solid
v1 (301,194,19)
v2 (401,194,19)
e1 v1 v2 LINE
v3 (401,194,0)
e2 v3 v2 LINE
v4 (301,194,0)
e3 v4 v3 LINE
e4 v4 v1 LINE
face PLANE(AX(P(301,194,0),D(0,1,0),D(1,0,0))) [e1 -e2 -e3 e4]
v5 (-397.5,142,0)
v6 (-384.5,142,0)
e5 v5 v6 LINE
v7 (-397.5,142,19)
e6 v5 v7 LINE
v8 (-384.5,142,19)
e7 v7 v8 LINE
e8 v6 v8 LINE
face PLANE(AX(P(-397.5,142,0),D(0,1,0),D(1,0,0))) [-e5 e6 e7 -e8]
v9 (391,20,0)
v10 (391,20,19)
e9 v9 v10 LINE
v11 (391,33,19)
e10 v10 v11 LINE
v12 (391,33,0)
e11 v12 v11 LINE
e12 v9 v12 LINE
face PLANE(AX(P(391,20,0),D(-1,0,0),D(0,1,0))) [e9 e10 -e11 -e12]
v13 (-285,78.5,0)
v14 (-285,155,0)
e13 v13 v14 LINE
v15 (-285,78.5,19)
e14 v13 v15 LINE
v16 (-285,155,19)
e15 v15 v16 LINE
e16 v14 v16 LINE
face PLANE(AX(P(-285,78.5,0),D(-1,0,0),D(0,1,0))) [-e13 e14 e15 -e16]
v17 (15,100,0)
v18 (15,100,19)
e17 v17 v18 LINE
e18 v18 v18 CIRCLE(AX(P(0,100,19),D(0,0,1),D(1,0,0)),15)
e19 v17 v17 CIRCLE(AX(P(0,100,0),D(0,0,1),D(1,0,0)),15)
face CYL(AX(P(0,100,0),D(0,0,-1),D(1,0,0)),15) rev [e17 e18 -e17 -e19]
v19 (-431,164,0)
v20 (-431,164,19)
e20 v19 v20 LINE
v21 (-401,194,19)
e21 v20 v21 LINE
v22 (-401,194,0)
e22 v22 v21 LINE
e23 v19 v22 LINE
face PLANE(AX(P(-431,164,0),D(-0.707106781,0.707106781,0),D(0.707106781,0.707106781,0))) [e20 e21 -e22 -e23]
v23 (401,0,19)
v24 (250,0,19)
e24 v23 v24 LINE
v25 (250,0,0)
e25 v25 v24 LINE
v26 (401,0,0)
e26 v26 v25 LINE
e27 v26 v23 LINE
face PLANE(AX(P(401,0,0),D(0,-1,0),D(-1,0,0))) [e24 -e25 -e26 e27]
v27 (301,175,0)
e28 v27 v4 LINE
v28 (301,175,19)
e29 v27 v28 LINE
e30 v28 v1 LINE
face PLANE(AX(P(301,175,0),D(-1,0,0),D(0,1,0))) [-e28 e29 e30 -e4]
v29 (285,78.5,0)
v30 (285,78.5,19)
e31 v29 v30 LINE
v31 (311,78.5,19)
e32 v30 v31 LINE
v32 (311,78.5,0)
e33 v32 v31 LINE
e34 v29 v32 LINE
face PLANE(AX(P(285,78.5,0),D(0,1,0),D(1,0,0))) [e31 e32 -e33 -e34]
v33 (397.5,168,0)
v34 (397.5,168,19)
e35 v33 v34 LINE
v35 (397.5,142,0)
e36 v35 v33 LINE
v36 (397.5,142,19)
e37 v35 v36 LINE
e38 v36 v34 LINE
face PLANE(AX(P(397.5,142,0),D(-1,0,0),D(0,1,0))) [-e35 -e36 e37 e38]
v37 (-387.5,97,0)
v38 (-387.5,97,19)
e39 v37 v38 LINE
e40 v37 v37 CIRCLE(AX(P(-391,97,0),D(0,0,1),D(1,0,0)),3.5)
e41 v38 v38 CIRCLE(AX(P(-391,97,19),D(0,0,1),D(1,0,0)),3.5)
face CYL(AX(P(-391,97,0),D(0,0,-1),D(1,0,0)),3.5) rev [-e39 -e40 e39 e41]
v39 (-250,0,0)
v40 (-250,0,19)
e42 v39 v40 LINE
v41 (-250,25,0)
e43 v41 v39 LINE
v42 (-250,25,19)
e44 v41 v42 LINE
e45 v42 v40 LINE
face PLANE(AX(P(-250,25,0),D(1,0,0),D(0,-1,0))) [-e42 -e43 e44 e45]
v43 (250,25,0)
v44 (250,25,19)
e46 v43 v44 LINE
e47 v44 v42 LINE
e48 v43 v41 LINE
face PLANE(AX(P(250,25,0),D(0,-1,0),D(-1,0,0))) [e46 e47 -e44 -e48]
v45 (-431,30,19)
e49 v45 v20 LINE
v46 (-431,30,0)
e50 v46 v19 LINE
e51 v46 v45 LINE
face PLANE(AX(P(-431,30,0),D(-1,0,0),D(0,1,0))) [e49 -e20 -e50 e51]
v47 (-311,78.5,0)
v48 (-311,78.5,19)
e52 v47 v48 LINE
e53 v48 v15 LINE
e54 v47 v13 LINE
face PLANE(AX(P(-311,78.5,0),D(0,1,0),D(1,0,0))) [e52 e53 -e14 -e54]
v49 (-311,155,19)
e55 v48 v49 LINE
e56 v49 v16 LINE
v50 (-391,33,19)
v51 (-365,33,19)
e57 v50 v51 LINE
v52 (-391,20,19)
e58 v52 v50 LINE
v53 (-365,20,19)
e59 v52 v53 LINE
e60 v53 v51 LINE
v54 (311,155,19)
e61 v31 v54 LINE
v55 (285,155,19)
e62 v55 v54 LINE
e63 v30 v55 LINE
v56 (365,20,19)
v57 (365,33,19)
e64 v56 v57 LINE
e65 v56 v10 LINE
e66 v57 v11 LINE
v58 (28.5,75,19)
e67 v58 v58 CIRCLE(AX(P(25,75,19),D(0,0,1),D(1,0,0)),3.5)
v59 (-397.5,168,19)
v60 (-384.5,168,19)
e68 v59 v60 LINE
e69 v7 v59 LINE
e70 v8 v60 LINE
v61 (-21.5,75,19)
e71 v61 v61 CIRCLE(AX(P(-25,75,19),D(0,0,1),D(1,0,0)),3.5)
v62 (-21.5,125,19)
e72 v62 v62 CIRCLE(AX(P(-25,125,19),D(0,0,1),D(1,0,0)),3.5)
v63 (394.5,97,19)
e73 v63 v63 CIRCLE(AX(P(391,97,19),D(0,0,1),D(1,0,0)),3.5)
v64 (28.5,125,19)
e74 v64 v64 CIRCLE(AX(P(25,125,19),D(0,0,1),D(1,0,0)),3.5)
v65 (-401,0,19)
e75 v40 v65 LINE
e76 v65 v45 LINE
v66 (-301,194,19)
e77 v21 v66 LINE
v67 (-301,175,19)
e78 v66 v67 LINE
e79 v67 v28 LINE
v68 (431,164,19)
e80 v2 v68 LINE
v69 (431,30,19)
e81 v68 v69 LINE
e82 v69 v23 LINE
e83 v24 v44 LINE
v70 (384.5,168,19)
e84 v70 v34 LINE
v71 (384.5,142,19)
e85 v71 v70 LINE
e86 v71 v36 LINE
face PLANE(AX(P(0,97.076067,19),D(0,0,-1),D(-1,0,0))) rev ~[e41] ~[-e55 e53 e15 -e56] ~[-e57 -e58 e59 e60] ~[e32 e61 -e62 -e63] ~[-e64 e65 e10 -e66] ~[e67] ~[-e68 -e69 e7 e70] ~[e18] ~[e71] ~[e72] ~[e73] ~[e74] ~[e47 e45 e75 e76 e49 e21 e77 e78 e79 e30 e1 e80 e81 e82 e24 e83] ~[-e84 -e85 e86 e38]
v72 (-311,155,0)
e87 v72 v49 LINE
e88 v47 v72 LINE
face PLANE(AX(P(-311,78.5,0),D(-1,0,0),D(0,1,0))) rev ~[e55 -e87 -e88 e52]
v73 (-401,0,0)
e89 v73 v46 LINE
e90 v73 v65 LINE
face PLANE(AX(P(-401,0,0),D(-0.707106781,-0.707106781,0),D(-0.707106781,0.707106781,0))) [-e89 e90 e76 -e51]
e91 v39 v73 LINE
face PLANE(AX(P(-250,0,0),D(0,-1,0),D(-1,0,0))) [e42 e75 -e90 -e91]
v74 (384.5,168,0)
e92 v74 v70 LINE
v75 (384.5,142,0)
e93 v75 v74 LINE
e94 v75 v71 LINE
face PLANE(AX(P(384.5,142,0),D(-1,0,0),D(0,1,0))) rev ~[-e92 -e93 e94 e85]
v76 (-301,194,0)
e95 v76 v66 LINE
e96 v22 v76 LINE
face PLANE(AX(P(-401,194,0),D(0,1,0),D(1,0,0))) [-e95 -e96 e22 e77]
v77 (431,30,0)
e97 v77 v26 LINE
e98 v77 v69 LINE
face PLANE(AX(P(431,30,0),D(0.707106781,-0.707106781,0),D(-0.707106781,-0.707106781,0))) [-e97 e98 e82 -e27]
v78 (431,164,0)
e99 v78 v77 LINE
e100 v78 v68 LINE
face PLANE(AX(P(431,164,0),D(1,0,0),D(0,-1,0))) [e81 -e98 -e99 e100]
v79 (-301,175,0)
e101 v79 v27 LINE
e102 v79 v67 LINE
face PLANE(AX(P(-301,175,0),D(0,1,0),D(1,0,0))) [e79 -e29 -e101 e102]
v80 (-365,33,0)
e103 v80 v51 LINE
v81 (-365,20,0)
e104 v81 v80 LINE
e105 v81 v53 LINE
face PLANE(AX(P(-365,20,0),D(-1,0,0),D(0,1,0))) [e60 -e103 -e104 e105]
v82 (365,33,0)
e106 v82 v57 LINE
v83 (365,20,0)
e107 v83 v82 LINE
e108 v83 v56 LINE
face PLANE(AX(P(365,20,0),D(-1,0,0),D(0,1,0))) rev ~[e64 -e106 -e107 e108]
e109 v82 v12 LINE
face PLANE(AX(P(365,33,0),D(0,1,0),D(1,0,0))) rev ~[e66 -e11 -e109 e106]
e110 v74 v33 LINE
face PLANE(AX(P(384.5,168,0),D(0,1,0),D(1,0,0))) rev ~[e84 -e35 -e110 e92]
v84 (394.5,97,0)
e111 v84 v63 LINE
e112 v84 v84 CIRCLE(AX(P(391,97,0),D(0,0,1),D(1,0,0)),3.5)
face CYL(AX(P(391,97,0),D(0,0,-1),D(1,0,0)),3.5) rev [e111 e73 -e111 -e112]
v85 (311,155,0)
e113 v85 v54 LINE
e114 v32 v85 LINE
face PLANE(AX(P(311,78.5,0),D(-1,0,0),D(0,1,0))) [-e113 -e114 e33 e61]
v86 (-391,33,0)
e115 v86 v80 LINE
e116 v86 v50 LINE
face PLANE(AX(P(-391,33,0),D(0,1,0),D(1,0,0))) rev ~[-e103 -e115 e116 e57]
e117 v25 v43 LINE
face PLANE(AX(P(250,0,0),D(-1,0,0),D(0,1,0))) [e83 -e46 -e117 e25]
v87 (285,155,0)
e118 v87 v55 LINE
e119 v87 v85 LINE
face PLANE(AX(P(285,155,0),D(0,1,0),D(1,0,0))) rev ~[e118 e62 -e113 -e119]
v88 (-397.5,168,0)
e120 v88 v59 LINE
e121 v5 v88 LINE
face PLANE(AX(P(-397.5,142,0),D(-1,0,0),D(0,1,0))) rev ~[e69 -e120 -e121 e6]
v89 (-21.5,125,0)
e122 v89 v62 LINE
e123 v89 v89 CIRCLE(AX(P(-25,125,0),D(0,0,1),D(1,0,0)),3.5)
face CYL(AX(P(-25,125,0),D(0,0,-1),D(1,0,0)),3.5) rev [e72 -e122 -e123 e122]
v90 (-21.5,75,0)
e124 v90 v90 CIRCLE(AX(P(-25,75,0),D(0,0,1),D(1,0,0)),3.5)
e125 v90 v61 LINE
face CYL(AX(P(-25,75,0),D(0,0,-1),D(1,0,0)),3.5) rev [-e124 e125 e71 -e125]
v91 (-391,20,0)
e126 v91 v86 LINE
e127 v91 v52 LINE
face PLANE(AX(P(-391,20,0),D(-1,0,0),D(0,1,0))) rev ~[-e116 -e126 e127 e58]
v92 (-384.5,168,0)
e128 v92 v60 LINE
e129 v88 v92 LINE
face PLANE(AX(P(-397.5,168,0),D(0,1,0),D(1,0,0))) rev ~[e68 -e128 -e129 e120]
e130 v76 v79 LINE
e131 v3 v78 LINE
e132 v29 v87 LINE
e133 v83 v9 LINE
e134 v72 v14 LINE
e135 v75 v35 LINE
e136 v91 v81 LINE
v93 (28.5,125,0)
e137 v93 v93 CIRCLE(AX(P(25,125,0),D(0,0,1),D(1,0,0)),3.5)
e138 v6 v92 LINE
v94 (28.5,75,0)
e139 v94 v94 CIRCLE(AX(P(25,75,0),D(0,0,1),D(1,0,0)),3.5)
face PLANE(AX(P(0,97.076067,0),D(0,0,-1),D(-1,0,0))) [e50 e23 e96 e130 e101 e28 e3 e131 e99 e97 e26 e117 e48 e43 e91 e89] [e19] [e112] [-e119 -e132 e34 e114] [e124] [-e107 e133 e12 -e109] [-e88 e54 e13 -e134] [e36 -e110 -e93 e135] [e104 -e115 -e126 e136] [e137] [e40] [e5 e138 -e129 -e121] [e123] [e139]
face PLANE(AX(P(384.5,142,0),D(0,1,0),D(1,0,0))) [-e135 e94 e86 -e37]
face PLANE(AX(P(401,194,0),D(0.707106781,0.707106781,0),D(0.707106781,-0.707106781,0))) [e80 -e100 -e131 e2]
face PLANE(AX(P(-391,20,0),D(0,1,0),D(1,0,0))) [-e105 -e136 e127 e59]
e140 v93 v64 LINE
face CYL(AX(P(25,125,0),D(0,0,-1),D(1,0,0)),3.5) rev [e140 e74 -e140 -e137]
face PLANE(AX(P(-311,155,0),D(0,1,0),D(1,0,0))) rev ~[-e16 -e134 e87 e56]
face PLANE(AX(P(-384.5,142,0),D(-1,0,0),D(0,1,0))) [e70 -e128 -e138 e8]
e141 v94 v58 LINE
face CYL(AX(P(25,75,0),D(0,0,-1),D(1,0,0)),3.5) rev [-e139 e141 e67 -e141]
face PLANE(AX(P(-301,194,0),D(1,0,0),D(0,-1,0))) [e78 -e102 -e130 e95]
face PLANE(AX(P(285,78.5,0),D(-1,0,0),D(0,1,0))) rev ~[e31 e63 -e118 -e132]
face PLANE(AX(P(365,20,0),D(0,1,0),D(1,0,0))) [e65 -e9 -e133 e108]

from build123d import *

# Parameters (mm, degrees)
CROQUIS1_R              = 3.5
CROQUIS1_R_2            = 15
CROQUIS1_W              = 26
CROQUIS1_H              = 76.5
CROQUIS1_H_2            = 13
CROQUIS1_W_2            = 13
CROQUIS1_H_3            = 26
SALIENTE_EXTRUIR1_DEPTH = 19


with BuildPart() as part:
    # Croquis1 → Saliente-Extruir1 (new body)
    with BuildSketch(Plane.XY):
        Polygon((-301, 194), (-301, 175), (301, 175), (301, 194), (401, 194), (431, 164), (431, 30), (401, 0), (250, 0), (250, 25), (-250, 25), (-250, 0), (-401, 0), (-431, 30), (-431, 164), (-401, 194), align=None)
        with Locations((-391, 97)):
            Circle(CROQUIS1_R, mode=Mode.SUBTRACT)
        with Locations((391, 97)):
            Circle(CROQUIS1_R, mode=Mode.SUBTRACT)
        with Locations((0, 100)):
            Circle(CROQUIS1_R_2, mode=Mode.SUBTRACT)
        with Locations((-25, 125)):
            Circle(CROQUIS1_R, mode=Mode.SUBTRACT)
        with Locations((25, 125)):
            Circle(CROQUIS1_R, mode=Mode.SUBTRACT)
        with Locations((25, 75)):
            Circle(CROQUIS1_R, mode=Mode.SUBTRACT)
        with Locations((-25, 75)):
            Circle(CROQUIS1_R, mode=Mode.SUBTRACT)
        with Locations((-298, 116.75)):
            Rectangle(CROQUIS1_W, CROQUIS1_H, mode=Mode.SUBTRACT)
        with Locations((298, 116.75)):
            Rectangle(CROQUIS1_W, CROQUIS1_H, mode=Mode.SUBTRACT)
        with Locations((378, 26.5)):
            Rectangle(CROQUIS1_W, CROQUIS1_H_2, mode=Mode.SUBTRACT)
        with Locations((-378, 26.5)):
            Rectangle(CROQUIS1_W, CROQUIS1_H_2, mode=Mode.SUBTRACT)
        with Locations((391, 155)):
            Rectangle(CROQUIS1_W_2, CROQUIS1_H_3, mode=Mode.SUBTRACT)
        with Locations((-391, 155)):
            Rectangle(CROQUIS1_W_2, CROQUIS1_H_3, mode=Mode.SUBTRACT)
    extrude(amount=SALIENTE_EXTRUIR1_DEPTH)


solid = part.part
